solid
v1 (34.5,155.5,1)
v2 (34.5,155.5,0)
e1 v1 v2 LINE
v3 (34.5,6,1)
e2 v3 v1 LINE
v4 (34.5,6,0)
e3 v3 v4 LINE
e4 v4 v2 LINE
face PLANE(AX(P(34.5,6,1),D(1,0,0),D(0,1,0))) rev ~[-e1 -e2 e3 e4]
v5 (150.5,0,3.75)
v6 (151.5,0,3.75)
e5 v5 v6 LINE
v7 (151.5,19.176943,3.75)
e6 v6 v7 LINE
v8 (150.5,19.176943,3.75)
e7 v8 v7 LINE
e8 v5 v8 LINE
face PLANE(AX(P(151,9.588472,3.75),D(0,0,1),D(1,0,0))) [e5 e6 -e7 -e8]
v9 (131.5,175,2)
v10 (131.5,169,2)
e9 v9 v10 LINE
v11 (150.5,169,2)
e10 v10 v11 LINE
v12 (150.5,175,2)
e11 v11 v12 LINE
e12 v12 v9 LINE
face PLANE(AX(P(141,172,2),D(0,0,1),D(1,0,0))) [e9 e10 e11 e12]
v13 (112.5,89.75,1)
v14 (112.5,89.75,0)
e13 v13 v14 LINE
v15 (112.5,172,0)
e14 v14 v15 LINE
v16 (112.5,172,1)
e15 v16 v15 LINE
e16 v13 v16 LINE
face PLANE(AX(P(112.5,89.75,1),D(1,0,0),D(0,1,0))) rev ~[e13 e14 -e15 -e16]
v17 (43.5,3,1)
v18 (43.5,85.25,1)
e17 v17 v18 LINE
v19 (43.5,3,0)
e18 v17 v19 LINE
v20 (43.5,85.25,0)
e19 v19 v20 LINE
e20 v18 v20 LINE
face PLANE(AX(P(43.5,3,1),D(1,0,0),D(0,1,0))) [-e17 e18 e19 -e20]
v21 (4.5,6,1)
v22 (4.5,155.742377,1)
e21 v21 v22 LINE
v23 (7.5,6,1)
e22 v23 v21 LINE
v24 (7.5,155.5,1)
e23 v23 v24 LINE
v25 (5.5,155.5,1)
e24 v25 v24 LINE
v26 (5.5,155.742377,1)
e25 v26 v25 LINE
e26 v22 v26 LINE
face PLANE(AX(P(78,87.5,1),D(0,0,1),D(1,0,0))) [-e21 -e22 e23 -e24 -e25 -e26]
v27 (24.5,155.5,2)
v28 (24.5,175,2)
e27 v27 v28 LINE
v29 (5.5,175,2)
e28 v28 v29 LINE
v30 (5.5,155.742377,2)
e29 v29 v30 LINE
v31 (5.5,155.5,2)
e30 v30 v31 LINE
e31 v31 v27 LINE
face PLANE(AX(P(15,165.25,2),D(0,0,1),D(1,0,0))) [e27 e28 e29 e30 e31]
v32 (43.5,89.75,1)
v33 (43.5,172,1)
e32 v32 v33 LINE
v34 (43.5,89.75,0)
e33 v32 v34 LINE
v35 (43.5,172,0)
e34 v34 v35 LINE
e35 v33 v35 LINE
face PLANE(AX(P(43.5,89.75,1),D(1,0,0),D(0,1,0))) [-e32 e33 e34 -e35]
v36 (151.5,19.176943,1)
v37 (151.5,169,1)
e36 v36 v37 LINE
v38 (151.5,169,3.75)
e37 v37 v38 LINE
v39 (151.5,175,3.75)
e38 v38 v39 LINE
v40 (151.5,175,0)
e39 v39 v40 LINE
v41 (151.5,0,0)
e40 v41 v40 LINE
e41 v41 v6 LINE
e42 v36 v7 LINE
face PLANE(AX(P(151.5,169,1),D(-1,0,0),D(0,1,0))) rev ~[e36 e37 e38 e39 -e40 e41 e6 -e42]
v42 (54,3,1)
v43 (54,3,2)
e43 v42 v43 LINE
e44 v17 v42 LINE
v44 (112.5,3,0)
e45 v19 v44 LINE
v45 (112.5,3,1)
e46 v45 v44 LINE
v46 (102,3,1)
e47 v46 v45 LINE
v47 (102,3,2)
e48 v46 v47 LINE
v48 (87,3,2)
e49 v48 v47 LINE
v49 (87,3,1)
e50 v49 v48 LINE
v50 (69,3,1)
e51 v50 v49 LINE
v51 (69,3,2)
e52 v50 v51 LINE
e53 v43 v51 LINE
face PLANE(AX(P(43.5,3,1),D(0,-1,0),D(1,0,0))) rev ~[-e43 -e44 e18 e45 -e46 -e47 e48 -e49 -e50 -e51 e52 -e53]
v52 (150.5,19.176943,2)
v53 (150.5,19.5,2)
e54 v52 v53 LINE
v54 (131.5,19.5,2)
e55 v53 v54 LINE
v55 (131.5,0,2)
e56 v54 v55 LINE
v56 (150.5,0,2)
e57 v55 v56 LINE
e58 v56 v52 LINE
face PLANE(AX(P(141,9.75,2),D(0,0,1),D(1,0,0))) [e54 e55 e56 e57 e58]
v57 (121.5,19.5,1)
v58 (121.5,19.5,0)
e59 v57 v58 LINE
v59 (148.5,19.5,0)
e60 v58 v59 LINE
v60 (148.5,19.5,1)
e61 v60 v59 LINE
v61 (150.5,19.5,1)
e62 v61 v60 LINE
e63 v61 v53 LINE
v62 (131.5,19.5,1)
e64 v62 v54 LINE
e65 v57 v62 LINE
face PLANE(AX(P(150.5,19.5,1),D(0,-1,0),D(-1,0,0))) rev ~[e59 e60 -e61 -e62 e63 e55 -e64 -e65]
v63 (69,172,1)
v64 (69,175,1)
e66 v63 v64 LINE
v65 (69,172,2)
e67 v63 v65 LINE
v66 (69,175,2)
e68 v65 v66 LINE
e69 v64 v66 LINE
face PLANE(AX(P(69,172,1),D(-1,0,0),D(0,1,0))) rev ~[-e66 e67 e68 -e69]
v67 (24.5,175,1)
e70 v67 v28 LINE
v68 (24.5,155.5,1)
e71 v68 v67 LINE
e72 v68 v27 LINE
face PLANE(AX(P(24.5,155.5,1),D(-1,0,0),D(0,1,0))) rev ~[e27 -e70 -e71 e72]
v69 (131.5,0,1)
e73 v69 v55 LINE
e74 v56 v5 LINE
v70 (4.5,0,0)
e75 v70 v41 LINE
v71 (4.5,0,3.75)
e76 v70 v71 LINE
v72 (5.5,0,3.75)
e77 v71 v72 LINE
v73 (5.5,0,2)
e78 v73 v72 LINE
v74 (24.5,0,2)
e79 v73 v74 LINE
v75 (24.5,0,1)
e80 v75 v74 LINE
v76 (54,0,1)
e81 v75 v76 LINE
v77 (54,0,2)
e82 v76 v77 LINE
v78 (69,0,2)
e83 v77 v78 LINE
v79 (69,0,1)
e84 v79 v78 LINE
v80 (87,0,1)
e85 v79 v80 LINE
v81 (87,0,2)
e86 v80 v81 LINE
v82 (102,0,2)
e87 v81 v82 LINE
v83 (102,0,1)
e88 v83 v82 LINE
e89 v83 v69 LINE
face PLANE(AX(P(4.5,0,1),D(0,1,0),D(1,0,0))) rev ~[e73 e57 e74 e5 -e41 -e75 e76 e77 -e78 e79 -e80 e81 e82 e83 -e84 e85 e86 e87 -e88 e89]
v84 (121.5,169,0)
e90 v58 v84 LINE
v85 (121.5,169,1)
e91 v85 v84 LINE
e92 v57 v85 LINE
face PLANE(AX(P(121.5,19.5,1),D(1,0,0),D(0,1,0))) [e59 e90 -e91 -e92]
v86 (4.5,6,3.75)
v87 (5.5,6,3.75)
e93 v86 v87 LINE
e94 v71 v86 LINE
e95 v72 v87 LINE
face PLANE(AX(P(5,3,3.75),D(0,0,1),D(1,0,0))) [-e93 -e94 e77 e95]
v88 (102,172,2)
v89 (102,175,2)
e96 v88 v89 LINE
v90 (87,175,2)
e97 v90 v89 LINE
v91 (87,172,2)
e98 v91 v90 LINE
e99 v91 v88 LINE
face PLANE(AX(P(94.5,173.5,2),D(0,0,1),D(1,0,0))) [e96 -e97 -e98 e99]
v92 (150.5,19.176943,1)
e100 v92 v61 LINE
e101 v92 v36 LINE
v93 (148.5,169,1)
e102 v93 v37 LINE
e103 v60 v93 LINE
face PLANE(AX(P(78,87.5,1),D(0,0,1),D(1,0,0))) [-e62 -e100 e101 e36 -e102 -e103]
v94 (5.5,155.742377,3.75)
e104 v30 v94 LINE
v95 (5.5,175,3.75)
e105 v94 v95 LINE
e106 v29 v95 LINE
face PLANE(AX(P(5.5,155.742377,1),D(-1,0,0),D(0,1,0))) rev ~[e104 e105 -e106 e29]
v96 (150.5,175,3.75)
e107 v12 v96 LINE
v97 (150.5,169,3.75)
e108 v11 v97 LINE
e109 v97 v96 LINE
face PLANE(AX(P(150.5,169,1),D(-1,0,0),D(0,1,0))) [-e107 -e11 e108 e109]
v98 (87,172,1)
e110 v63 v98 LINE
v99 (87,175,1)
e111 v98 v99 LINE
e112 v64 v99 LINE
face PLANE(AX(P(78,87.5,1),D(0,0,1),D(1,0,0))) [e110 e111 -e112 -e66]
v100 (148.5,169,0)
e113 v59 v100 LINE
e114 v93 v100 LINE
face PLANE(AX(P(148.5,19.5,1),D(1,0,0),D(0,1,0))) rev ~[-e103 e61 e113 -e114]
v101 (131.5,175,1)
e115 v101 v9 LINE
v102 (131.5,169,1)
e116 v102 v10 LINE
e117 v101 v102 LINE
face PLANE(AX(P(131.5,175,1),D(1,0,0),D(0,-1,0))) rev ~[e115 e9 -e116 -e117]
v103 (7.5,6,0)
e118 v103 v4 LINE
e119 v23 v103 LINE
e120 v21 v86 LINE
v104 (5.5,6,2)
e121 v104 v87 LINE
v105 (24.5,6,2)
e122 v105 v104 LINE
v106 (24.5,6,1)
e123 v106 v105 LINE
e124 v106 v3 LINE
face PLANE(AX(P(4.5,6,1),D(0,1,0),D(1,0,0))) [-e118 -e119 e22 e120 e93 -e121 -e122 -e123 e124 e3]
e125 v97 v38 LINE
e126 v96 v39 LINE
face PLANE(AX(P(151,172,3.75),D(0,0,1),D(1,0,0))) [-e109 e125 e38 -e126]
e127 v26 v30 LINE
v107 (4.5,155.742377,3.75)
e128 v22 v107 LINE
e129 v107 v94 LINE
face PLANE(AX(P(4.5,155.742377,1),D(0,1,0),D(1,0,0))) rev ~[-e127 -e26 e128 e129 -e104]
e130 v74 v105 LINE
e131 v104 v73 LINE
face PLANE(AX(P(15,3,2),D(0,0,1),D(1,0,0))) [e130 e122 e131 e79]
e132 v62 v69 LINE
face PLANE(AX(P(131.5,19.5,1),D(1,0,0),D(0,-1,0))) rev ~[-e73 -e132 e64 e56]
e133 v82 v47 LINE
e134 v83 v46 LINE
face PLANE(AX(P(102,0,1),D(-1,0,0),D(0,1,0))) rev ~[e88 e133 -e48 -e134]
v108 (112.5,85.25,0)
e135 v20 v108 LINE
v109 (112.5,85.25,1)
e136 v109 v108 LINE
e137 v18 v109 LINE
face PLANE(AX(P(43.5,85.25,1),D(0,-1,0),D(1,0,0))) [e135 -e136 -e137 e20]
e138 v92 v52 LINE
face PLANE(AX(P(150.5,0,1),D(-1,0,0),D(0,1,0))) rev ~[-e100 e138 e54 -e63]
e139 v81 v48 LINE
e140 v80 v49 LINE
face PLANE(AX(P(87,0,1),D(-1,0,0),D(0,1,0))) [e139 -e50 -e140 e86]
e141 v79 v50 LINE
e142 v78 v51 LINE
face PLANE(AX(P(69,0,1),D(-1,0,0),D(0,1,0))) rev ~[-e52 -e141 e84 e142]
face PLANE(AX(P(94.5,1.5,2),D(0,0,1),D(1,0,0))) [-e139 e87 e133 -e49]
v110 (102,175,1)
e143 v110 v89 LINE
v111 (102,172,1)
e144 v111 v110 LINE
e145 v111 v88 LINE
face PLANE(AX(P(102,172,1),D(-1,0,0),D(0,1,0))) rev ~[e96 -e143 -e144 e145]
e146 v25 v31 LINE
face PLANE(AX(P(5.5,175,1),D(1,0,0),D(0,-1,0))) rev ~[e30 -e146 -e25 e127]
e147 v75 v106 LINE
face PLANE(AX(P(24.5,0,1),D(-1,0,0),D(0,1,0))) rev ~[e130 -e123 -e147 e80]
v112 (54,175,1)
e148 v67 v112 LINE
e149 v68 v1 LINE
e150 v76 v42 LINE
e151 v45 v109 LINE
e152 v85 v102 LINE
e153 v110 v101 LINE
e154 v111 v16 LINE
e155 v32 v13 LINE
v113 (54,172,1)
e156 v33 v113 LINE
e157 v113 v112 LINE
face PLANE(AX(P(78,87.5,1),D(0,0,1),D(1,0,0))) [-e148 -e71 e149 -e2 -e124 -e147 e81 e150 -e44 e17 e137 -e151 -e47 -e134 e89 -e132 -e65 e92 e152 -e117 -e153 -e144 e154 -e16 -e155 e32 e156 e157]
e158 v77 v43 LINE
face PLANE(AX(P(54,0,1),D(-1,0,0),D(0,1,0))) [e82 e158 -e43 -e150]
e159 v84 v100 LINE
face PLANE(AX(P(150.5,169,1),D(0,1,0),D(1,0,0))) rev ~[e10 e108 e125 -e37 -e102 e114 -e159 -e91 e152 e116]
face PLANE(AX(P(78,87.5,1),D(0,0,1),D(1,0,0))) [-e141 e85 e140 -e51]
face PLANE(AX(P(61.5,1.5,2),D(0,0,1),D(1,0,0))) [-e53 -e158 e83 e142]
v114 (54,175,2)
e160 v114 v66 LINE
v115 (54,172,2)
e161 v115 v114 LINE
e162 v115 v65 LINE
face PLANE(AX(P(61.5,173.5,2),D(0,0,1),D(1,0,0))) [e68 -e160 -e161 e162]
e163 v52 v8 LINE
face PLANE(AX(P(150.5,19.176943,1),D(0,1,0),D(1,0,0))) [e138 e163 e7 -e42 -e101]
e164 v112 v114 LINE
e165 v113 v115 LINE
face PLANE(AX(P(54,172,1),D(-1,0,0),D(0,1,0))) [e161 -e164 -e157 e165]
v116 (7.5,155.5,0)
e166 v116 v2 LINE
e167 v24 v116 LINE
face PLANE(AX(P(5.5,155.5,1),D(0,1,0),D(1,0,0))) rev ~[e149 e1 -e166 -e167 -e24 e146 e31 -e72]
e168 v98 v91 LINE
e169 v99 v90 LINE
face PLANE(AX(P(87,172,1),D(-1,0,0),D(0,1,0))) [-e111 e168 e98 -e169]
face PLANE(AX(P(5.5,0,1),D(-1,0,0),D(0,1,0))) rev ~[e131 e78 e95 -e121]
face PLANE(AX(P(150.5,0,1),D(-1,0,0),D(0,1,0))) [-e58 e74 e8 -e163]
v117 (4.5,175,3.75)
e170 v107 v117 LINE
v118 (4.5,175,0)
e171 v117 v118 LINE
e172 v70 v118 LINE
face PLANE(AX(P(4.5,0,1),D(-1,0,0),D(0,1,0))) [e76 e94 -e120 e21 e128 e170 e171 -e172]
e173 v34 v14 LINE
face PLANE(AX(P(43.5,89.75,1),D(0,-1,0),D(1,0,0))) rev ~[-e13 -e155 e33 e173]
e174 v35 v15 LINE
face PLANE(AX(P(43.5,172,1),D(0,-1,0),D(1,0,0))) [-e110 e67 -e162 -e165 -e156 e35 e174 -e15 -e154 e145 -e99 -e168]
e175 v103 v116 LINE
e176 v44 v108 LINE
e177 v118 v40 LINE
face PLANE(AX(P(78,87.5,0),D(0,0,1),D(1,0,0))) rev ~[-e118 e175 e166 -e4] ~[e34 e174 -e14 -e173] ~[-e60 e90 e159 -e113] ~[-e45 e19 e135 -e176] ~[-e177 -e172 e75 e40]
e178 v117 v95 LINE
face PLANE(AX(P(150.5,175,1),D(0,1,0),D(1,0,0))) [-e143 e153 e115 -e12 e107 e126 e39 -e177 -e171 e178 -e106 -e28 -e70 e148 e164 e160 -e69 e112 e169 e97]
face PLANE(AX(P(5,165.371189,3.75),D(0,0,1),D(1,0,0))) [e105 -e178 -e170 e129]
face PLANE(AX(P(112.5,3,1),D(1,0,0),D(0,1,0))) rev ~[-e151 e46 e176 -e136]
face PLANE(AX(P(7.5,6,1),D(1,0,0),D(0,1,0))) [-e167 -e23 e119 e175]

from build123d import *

# Parameters (mm, degrees)
F0_W      = 156
F0_H      = 175
F1_DEPTH  = 1
F2_W      = 4.5
F2_H      = 175
F2_W_2    = 27
F2_H_2    = 149.5
F2_W_3    = 69
F2_H_3    = 82.25
F3_DEPTH  = 1.001
F4_W      = 15
F4_H      = 3
F5_DEPTH  = 1
F6_W      = 1
F6_H      = 19.1769432276
F6_H_2    = 19.2576229572
F7_DEPTH  = 2.75
F9_DEPTH  = 1
F10_W     = 1
F10_H     = 6
F11_DEPTH = 2.75
F12_W     = 1
F12_H     = 6
F13_DEPTH = 2.75


with BuildPart() as f1:
    # F0 (on Top) → F1 (new body)
    with BuildSketch(Plane.XY):
        with Locations((78, 87.5)):
            Rectangle(F0_W, F0_H)
    extrude(amount=F1_DEPTH)

    # F2 (on face) → F3 (cut, through all)
    with BuildSketch(Plane.XY.offset(1)):
        with Locations((2.25, 87.5)):
            Rectangle(F2_W, F2_H)
        with Locations((21, 80.75)):
            Rectangle(F2_W_2, F2_H_2)
        with Locations((78, 130.875)):
            Rectangle(F2_W_3, F2_H_3)
        with Locations((78, 44.125)):
            Rectangle(F2_W_3, F2_H_3)
        with Locations((135, 94.25)):
            Rectangle(F2_W_2, F2_H_2)
        with Locations((153.75, 87.5)):
            Rectangle(F2_W, F2_H)
    extrude(amount=-F3_DEPTH, mode=Mode.SUBTRACT)

    # F4 (on face) → F5 (join)
    with BuildSketch(Plane.XY.offset(1)):
        Polygon((24.5, 155.5), (24.5, 175), (5.5, 175), (5.5, 155.5), (7.5, 155.5), align=None)
        with Locations((61.5, 173.5)):
            Rectangle(F4_W, F4_H)
        with Locations((94.5, 173.5)):
            Rectangle(F4_W, F4_H)
        Polygon((131.5, 0), (150.5, 0), (150.5, 19.5), (148.5, 19.5), (131.5, 19.5), align=None)
        with Locations((94.5, 1.5)):
            Rectangle(F4_W, F4_H)
        with Locations((61.5, 1.5)):
            Rectangle(F4_W, F4_H)
    extrude(amount=F5_DEPTH)

    # F6 (on face) → F7 (join)
    with BuildSketch(Plane.XY.offset(1)):
        with Locations((151, 9.5884716138)):
            Rectangle(F6_W, F6_H)
        with Locations((5, 165.3711885214)):
            Rectangle(F6_W, F6_H_2)
    extrude(amount=F7_DEPTH)

    # F8 (on face) → F9 (join)
    with BuildSketch(Plane.XY.offset(1)):
        Polygon((5.5, 0), (24.5, 0), (24.5, 6), (7.5, 6), (5.5, 6), align=None)
        Polygon((131.5, 175), (131.5, 169), (148.5, 169), (150.5, 169), (150.5, 175), align=None)
    extrude(amount=F9_DEPTH)

    # F10 (on face) → F11 (join)
    with BuildSketch(Plane.XY.offset(1)):
        with Locations((151, 172)):
            Rectangle(F10_W, F10_H)
    extrude(amount=F11_DEPTH)

    # F12 (on face) → F13 (join)
    with BuildSketch(Plane.XY.offset(1)):
        with Locations((5, 3)):
            Rectangle(F12_W, F12_H)
    extrude(amount=F13_DEPTH)


solid = f1.part
